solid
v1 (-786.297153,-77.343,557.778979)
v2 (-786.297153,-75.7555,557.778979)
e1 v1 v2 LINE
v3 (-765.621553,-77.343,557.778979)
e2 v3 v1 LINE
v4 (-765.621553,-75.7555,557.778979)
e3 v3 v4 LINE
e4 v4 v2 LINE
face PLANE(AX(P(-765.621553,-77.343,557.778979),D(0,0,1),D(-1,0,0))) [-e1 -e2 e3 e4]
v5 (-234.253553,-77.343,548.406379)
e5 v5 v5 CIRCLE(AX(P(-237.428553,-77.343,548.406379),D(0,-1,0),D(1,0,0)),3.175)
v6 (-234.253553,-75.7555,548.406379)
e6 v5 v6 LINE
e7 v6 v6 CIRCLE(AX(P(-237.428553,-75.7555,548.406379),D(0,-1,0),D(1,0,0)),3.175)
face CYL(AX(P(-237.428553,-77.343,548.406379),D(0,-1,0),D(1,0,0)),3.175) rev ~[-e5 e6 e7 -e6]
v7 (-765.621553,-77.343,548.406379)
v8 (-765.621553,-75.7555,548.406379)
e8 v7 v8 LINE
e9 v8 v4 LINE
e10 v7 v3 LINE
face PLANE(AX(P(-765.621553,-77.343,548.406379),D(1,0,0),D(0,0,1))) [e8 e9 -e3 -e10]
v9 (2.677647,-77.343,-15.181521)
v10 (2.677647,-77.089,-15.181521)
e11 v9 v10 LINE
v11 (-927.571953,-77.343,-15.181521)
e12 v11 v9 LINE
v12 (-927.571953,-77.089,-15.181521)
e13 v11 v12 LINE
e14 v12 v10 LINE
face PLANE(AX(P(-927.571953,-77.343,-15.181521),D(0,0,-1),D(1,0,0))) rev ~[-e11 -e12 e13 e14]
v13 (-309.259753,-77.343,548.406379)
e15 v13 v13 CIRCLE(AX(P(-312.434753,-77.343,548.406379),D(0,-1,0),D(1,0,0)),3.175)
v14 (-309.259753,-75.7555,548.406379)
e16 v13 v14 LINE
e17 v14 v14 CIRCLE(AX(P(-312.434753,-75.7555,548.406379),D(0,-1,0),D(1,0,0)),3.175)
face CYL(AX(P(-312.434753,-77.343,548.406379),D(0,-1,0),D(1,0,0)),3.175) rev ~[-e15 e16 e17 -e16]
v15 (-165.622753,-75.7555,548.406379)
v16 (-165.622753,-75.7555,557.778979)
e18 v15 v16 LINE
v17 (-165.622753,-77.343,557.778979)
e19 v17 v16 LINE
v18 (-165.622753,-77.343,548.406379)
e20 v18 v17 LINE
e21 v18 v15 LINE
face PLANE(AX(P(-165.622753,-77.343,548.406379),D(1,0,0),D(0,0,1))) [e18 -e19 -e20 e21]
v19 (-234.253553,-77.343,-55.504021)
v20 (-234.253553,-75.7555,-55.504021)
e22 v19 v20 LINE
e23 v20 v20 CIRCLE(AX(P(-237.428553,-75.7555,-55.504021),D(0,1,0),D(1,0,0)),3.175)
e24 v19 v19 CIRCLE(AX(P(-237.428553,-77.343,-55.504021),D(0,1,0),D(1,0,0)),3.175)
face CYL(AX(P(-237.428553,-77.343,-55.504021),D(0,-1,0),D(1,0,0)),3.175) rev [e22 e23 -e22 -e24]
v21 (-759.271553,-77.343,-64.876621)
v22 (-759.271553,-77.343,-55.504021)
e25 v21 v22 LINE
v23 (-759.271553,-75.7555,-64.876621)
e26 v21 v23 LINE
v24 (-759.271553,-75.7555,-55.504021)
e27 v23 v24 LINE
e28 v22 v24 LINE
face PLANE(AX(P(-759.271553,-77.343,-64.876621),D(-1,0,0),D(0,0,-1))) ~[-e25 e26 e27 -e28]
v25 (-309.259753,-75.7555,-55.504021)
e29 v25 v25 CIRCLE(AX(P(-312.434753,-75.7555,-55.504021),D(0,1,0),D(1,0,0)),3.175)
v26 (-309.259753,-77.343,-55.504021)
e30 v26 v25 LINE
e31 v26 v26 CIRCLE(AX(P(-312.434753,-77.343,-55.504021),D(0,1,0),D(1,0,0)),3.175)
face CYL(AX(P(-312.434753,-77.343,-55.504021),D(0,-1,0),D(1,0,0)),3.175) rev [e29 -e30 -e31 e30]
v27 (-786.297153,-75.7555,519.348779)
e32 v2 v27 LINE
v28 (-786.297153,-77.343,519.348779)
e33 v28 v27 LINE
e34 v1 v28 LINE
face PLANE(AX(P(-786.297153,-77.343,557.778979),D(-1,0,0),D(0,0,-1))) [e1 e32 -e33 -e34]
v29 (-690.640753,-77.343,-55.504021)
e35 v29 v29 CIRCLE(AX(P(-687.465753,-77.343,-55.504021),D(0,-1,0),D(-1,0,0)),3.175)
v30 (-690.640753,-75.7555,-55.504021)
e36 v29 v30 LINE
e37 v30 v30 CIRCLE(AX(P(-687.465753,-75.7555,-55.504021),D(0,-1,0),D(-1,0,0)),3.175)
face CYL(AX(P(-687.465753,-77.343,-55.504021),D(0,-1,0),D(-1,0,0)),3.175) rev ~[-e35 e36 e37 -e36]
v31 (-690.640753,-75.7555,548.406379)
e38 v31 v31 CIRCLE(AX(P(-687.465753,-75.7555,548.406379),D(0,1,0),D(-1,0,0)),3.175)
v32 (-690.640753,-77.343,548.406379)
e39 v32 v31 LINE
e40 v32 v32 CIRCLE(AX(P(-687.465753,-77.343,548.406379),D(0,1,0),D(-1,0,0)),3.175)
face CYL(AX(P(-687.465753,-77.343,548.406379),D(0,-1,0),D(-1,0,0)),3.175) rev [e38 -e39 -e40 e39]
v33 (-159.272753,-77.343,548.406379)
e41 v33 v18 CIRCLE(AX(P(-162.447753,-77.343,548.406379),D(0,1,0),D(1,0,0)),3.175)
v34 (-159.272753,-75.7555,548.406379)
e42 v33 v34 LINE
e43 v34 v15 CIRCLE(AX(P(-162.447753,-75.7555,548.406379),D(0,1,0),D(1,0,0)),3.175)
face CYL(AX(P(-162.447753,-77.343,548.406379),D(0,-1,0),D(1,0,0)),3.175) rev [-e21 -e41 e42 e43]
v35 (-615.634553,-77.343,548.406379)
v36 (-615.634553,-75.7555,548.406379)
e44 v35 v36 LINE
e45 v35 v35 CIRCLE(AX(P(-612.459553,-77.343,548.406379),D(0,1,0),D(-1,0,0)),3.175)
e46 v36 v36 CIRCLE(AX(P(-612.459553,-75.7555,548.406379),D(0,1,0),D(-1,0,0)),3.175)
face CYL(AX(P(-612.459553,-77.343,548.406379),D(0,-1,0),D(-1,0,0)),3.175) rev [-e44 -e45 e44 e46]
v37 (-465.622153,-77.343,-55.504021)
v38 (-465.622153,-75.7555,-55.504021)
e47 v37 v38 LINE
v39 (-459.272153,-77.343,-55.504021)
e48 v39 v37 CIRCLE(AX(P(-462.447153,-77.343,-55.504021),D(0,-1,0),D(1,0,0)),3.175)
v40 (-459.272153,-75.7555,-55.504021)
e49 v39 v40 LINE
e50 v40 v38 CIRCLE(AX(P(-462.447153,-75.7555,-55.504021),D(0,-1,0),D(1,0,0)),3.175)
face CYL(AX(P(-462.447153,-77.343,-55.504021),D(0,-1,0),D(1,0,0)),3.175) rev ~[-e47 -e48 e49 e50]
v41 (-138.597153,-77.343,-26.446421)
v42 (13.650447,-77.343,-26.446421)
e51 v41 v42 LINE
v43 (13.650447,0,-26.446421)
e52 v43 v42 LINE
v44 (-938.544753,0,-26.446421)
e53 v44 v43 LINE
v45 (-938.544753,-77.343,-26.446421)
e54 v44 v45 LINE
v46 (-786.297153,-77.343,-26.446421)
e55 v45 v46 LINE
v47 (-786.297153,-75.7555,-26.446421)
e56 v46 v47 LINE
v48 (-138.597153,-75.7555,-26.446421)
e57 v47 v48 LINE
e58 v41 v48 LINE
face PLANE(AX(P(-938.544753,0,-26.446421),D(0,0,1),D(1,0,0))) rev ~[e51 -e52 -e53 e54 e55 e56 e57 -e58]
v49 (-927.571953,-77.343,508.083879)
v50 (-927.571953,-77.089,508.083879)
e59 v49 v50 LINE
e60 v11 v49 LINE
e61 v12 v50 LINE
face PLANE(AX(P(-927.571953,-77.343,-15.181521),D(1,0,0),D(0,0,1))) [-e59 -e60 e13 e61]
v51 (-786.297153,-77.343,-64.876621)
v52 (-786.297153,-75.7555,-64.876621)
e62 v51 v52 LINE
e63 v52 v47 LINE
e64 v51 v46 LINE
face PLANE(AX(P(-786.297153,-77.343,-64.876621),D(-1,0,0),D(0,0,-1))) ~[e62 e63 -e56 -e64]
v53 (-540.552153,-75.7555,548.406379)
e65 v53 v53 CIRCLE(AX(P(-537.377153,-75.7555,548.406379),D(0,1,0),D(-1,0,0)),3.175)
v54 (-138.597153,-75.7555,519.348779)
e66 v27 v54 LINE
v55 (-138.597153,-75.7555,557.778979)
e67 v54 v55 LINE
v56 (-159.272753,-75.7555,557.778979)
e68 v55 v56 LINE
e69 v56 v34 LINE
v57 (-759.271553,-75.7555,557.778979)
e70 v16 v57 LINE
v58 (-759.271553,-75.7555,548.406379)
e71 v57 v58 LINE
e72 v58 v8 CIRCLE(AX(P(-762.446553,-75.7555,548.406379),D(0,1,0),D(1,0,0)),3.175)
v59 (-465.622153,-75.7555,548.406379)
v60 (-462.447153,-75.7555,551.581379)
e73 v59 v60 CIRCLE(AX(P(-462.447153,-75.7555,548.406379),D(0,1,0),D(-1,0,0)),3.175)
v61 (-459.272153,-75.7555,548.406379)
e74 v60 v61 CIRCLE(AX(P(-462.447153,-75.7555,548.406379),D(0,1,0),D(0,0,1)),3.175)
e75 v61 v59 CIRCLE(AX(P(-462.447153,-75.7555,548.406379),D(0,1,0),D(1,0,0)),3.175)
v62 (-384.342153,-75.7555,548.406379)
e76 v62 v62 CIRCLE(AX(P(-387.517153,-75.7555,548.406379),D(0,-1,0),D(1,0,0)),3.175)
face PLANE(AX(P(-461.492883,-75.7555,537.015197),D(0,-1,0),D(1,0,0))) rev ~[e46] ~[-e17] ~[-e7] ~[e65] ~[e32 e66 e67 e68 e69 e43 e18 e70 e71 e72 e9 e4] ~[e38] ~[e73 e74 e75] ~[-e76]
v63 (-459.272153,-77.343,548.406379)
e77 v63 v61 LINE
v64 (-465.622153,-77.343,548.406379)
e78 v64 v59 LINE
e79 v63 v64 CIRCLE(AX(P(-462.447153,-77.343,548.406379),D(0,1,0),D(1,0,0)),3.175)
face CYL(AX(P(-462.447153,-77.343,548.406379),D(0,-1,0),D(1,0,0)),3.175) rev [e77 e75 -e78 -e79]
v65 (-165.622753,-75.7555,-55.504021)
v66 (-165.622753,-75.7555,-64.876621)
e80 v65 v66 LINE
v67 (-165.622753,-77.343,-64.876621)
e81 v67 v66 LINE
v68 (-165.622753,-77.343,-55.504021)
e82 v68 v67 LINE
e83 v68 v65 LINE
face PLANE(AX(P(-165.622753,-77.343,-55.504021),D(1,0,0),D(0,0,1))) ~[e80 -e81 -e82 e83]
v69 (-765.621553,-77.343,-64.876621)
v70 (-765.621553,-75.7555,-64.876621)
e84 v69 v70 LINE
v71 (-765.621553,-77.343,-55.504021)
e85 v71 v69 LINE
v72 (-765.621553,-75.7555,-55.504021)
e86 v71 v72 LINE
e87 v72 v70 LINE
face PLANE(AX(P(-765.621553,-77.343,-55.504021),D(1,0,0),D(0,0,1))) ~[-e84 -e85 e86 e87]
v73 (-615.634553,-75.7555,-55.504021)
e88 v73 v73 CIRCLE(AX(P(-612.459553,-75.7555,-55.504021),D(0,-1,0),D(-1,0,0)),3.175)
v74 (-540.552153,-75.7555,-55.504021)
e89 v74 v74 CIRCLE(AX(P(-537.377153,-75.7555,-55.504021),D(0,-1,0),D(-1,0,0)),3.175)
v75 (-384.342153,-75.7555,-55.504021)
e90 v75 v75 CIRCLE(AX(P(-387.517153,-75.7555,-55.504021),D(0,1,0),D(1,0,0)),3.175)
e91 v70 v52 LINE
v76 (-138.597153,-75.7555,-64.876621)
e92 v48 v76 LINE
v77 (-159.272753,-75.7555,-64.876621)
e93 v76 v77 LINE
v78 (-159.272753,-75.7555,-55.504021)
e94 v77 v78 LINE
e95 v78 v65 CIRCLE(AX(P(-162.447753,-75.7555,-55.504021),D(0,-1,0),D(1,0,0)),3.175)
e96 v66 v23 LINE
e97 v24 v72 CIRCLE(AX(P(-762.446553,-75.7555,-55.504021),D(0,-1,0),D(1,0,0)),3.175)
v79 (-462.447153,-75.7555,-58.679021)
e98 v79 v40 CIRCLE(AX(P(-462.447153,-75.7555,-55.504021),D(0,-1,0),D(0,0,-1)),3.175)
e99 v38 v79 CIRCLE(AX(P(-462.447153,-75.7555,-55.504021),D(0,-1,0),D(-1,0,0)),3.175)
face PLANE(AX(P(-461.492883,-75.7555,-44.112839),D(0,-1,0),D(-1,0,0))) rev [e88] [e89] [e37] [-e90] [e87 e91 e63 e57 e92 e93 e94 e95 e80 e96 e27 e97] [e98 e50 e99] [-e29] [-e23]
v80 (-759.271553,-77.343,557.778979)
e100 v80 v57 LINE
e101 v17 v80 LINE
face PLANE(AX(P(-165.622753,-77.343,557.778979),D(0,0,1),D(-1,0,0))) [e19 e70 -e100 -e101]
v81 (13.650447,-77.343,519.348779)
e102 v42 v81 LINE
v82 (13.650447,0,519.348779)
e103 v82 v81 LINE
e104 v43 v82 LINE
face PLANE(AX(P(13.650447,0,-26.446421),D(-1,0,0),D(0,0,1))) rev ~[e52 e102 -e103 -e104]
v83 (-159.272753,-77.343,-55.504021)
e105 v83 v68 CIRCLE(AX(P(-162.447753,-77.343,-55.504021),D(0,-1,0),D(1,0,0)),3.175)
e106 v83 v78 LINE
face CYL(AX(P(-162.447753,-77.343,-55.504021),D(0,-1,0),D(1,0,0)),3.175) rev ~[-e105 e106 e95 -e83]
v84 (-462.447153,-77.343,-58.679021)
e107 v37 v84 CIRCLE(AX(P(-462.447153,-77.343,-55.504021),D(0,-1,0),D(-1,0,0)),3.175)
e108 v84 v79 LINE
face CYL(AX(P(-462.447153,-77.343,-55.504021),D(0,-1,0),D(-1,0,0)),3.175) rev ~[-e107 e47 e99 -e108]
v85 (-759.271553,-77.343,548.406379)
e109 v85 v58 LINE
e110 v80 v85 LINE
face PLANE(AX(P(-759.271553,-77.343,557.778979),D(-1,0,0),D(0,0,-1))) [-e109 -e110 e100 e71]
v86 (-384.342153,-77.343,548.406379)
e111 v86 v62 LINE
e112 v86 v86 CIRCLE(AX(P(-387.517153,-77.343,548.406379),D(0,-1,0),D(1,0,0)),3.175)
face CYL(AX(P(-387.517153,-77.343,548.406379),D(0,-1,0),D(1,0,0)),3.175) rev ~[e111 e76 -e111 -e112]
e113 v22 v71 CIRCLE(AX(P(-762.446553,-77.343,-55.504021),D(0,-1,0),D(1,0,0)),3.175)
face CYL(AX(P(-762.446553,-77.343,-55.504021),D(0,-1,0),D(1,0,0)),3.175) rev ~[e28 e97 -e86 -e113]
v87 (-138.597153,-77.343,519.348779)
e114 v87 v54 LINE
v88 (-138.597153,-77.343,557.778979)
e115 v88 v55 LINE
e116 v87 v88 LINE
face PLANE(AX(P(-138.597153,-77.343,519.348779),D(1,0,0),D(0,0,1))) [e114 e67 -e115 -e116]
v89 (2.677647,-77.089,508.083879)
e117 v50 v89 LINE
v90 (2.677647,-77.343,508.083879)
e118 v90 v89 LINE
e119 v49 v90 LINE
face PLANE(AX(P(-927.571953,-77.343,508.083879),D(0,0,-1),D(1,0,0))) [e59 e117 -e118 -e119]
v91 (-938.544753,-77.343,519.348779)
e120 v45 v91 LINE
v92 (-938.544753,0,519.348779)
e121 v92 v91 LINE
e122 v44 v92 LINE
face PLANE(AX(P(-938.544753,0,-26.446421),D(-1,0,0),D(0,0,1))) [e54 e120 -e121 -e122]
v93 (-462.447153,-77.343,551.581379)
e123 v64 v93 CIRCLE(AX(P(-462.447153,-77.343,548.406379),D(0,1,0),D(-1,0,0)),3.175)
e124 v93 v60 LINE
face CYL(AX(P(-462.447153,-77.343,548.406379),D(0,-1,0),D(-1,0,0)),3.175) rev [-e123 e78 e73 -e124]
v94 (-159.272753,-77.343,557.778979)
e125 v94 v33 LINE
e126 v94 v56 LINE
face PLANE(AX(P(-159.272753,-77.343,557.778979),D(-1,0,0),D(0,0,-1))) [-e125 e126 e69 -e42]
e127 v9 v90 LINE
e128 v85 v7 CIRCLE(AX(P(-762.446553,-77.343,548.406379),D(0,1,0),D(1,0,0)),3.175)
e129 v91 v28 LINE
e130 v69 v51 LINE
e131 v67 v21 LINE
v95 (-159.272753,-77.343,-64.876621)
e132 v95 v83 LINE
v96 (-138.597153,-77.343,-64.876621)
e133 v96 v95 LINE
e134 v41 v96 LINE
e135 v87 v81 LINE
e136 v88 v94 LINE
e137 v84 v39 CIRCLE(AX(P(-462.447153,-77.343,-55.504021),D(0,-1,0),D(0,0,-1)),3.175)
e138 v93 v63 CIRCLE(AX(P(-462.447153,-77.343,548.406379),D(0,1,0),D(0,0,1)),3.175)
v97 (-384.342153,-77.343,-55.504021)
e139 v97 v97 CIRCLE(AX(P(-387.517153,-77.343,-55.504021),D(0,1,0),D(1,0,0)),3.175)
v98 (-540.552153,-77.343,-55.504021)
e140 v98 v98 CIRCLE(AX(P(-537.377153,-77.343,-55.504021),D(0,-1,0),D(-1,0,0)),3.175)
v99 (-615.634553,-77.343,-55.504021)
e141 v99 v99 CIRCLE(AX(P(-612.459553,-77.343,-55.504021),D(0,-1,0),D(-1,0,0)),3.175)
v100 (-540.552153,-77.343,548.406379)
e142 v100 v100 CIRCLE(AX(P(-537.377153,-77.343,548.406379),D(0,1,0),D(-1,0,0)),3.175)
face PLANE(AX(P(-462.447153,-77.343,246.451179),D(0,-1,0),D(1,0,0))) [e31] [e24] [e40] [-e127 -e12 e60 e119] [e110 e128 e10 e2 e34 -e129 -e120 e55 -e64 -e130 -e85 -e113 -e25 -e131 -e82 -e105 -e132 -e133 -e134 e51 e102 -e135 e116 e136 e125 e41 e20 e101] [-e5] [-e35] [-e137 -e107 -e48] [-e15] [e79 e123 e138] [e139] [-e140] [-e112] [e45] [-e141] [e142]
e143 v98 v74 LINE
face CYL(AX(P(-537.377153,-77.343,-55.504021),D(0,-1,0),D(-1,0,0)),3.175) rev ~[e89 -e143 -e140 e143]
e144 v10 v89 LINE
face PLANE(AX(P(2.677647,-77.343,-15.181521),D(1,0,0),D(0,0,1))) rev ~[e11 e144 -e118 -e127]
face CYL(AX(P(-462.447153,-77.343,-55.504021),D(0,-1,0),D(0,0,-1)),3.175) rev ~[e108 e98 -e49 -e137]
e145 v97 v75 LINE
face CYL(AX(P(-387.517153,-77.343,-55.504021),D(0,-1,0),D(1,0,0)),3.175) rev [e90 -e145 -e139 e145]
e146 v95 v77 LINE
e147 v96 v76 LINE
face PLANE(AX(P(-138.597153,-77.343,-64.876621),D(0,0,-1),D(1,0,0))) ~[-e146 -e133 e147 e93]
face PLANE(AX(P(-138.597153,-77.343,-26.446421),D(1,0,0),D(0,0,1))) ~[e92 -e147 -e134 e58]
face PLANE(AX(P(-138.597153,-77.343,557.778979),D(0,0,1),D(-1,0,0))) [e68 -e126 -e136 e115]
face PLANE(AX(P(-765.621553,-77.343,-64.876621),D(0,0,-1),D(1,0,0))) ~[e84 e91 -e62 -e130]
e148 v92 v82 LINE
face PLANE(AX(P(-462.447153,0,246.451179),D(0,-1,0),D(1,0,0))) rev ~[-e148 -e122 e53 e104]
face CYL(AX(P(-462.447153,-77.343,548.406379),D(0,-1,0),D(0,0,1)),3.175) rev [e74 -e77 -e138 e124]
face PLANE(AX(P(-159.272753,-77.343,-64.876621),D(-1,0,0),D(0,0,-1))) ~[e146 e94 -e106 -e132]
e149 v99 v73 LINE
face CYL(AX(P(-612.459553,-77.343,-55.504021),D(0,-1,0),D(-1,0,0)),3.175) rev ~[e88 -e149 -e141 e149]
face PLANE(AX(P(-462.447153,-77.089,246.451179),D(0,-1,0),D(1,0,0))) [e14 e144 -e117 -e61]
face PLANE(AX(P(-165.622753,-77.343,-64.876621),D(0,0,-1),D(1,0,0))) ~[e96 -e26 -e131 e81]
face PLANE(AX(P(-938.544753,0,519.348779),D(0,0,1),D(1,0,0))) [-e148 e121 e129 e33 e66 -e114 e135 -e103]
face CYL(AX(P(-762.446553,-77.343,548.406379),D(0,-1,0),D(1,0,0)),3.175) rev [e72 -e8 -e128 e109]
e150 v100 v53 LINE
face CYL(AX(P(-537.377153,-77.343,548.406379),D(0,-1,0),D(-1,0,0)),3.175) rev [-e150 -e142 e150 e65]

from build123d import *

# Parameters (mm, degrees)
F0_W     = 952.1952
F0_H     = 545.7952
F1_DEPTH = 77.343
F2_R     = 3.175
F3_DEPTH = 1.5875
F6_W     = 930.2496
F6_H     = 523.2654
F7_DEPTH = 0.254


with BuildPart() as f1:
    # F0 (on Front) → F1 (new body)
    with BuildSketch(Plane.XZ):
        with Locations((-462.4471531919, 246.4511793006)):
            Rectangle(F0_W, F0_H)
    extrude(amount=F1_DEPTH)

    # F2 (on face) → F3 (join)
    with BuildSketch(Plane.XZ.offset(77.343)):
        with BuildLine():
            Line((-765.6215531919, 557.7789793006), (-786.2971531919, 557.7789793006))
            Line((-786.2971531919, 557.7789793006), (-786.2971531919, 519.3487793006))
            Line((-786.2971531919, 519.3487793006), (-138.5971531919, 519.3487793006))
            Line((-138.5971531919, 519.3487793006), (-138.5971531919, 557.7789793006))
            Line((-138.5971531919, 557.7789793006), (-159.2727531919, 557.7789793006))
            Line((-159.2727531919, 557.7789793006), (-159.2727531919, 548.4063793006))
            ThreePointArc((-159.2727531919, 548.4063793006), (-162.4477531919, 545.2313793006), (-165.6227531919, 548.4063793006))
            Line((-165.6227531919, 548.4063793006), (-165.6227531919, 557.7789793006))
            Line((-165.6227531919, 557.7789793006), (-462.4471531919, 557.7789793006))
            Line((-462.4471531919, 557.7789793006), (-462.4471531919, 551.5813793006))
            ThreePointArc((-462.4471531919, 551.5813793006), (-460.2020891616, 550.6514433309), (-459.2721531919, 548.4063793006))
            ThreePointArc((-459.2721531919, 548.4063793006), (-462.4471531919, 545.2313793006), (-465.6221531919, 548.4063793006))
            Line((-465.6221531919, 548.4063793006), (-534.2021531919, 548.4063793006))
            ThreePointArc((-534.2021531919, 548.4063793006), (-537.3771531919, 545.2313793006), (-540.5521531919, 548.4063793006))
            Line((-540.5521531919, 548.4063793006), (-609.2845531919, 548.4063793006))
            ThreePointArc((-609.2845531919, 548.4063793006), (-612.4595531919, 545.2313793006), (-615.6345531919, 548.4063793006))
            Line((-615.6345531919, 548.4063793006), (-684.2907531919, 548.4063793006))
            ThreePointArc((-684.2907531919, 548.4063793006), (-687.4657531919, 545.2313793006), (-690.6407531919, 548.4063793006))
            Line((-690.6407531919, 548.4063793006), (-759.2715531919, 548.4063793006))
            ThreePointArc((-759.2715531919, 548.4063793006), (-762.4465531919, 545.2313793006), (-765.6215531919, 548.4063793006))
            Line((-765.6215531919, 548.4063793006), (-765.6215531919, 557.7789793006))
        make_face()
        with Locations((-387.5171531919, 548.4063793006)):
            Circle(F2_R, mode=Mode.SUBTRACT)
        with Locations((-312.4347531919, 548.4063793006)):
            Circle(F2_R, mode=Mode.SUBTRACT)
        with Locations((-237.4285531919, 548.4063793006)):
            Circle(F2_R, mode=Mode.SUBTRACT)
        with BuildLine():
            Line((-462.4471531919, 557.7789793006), (-759.2715531919, 557.7789793006))
            Line((-759.2715531919, 557.7789793006), (-759.2715531919, 548.4063793006))
            Line((-759.2715531919, 548.4063793006), (-690.6407531919, 548.4063793006))
            ThreePointArc((-690.6407531919, 548.4063793006), (-687.4657531919, 551.5813793006), (-684.2907531919, 548.4063793006))
            Line((-684.2907531919, 548.4063793006), (-615.6345531919, 548.4063793006))
            ThreePointArc((-615.6345531919, 548.4063793006), (-612.4595531919, 551.5813793006), (-609.2845531919, 548.4063793006))
            Line((-609.2845531919, 548.4063793006), (-540.5521531919, 548.4063793006))
            ThreePointArc((-540.5521531919, 548.4063793006), (-537.3771531919, 551.5813793006), (-534.2021531919, 548.4063793006))
            Line((-534.2021531919, 548.4063793006), (-465.6221531919, 548.4063793006))
            ThreePointArc((-465.6221531919, 548.4063793006), (-464.6922172221, 550.6514433309), (-462.4471531919, 551.5813793006))
            Line((-462.4471531919, 551.5813793006), (-462.4471531919, 557.7789793006))
        make_face()
    extrude(amount=-F3_DEPTH)

    # F5: F1 across plane


with BuildPart() as f1_1:
    add(f1.part)
    add(f1.part.mirror(Plane(origin=(-462.4471531919, -38.6715, 246.4511793006), x_dir=(1, 0, 0), z_dir=(0, 0, -1))))

    # F6 (on face) → F7 (cut)
    with BuildSketch(Plane.XZ.offset(77.343)):
        with Locations((-462.4471531919, 246.4511793006)):
            Rectangle(F6_W, F6_H)
    extrude(amount=-F7_DEPTH, mode=Mode.SUBTRACT)


solid = f1_1.part
